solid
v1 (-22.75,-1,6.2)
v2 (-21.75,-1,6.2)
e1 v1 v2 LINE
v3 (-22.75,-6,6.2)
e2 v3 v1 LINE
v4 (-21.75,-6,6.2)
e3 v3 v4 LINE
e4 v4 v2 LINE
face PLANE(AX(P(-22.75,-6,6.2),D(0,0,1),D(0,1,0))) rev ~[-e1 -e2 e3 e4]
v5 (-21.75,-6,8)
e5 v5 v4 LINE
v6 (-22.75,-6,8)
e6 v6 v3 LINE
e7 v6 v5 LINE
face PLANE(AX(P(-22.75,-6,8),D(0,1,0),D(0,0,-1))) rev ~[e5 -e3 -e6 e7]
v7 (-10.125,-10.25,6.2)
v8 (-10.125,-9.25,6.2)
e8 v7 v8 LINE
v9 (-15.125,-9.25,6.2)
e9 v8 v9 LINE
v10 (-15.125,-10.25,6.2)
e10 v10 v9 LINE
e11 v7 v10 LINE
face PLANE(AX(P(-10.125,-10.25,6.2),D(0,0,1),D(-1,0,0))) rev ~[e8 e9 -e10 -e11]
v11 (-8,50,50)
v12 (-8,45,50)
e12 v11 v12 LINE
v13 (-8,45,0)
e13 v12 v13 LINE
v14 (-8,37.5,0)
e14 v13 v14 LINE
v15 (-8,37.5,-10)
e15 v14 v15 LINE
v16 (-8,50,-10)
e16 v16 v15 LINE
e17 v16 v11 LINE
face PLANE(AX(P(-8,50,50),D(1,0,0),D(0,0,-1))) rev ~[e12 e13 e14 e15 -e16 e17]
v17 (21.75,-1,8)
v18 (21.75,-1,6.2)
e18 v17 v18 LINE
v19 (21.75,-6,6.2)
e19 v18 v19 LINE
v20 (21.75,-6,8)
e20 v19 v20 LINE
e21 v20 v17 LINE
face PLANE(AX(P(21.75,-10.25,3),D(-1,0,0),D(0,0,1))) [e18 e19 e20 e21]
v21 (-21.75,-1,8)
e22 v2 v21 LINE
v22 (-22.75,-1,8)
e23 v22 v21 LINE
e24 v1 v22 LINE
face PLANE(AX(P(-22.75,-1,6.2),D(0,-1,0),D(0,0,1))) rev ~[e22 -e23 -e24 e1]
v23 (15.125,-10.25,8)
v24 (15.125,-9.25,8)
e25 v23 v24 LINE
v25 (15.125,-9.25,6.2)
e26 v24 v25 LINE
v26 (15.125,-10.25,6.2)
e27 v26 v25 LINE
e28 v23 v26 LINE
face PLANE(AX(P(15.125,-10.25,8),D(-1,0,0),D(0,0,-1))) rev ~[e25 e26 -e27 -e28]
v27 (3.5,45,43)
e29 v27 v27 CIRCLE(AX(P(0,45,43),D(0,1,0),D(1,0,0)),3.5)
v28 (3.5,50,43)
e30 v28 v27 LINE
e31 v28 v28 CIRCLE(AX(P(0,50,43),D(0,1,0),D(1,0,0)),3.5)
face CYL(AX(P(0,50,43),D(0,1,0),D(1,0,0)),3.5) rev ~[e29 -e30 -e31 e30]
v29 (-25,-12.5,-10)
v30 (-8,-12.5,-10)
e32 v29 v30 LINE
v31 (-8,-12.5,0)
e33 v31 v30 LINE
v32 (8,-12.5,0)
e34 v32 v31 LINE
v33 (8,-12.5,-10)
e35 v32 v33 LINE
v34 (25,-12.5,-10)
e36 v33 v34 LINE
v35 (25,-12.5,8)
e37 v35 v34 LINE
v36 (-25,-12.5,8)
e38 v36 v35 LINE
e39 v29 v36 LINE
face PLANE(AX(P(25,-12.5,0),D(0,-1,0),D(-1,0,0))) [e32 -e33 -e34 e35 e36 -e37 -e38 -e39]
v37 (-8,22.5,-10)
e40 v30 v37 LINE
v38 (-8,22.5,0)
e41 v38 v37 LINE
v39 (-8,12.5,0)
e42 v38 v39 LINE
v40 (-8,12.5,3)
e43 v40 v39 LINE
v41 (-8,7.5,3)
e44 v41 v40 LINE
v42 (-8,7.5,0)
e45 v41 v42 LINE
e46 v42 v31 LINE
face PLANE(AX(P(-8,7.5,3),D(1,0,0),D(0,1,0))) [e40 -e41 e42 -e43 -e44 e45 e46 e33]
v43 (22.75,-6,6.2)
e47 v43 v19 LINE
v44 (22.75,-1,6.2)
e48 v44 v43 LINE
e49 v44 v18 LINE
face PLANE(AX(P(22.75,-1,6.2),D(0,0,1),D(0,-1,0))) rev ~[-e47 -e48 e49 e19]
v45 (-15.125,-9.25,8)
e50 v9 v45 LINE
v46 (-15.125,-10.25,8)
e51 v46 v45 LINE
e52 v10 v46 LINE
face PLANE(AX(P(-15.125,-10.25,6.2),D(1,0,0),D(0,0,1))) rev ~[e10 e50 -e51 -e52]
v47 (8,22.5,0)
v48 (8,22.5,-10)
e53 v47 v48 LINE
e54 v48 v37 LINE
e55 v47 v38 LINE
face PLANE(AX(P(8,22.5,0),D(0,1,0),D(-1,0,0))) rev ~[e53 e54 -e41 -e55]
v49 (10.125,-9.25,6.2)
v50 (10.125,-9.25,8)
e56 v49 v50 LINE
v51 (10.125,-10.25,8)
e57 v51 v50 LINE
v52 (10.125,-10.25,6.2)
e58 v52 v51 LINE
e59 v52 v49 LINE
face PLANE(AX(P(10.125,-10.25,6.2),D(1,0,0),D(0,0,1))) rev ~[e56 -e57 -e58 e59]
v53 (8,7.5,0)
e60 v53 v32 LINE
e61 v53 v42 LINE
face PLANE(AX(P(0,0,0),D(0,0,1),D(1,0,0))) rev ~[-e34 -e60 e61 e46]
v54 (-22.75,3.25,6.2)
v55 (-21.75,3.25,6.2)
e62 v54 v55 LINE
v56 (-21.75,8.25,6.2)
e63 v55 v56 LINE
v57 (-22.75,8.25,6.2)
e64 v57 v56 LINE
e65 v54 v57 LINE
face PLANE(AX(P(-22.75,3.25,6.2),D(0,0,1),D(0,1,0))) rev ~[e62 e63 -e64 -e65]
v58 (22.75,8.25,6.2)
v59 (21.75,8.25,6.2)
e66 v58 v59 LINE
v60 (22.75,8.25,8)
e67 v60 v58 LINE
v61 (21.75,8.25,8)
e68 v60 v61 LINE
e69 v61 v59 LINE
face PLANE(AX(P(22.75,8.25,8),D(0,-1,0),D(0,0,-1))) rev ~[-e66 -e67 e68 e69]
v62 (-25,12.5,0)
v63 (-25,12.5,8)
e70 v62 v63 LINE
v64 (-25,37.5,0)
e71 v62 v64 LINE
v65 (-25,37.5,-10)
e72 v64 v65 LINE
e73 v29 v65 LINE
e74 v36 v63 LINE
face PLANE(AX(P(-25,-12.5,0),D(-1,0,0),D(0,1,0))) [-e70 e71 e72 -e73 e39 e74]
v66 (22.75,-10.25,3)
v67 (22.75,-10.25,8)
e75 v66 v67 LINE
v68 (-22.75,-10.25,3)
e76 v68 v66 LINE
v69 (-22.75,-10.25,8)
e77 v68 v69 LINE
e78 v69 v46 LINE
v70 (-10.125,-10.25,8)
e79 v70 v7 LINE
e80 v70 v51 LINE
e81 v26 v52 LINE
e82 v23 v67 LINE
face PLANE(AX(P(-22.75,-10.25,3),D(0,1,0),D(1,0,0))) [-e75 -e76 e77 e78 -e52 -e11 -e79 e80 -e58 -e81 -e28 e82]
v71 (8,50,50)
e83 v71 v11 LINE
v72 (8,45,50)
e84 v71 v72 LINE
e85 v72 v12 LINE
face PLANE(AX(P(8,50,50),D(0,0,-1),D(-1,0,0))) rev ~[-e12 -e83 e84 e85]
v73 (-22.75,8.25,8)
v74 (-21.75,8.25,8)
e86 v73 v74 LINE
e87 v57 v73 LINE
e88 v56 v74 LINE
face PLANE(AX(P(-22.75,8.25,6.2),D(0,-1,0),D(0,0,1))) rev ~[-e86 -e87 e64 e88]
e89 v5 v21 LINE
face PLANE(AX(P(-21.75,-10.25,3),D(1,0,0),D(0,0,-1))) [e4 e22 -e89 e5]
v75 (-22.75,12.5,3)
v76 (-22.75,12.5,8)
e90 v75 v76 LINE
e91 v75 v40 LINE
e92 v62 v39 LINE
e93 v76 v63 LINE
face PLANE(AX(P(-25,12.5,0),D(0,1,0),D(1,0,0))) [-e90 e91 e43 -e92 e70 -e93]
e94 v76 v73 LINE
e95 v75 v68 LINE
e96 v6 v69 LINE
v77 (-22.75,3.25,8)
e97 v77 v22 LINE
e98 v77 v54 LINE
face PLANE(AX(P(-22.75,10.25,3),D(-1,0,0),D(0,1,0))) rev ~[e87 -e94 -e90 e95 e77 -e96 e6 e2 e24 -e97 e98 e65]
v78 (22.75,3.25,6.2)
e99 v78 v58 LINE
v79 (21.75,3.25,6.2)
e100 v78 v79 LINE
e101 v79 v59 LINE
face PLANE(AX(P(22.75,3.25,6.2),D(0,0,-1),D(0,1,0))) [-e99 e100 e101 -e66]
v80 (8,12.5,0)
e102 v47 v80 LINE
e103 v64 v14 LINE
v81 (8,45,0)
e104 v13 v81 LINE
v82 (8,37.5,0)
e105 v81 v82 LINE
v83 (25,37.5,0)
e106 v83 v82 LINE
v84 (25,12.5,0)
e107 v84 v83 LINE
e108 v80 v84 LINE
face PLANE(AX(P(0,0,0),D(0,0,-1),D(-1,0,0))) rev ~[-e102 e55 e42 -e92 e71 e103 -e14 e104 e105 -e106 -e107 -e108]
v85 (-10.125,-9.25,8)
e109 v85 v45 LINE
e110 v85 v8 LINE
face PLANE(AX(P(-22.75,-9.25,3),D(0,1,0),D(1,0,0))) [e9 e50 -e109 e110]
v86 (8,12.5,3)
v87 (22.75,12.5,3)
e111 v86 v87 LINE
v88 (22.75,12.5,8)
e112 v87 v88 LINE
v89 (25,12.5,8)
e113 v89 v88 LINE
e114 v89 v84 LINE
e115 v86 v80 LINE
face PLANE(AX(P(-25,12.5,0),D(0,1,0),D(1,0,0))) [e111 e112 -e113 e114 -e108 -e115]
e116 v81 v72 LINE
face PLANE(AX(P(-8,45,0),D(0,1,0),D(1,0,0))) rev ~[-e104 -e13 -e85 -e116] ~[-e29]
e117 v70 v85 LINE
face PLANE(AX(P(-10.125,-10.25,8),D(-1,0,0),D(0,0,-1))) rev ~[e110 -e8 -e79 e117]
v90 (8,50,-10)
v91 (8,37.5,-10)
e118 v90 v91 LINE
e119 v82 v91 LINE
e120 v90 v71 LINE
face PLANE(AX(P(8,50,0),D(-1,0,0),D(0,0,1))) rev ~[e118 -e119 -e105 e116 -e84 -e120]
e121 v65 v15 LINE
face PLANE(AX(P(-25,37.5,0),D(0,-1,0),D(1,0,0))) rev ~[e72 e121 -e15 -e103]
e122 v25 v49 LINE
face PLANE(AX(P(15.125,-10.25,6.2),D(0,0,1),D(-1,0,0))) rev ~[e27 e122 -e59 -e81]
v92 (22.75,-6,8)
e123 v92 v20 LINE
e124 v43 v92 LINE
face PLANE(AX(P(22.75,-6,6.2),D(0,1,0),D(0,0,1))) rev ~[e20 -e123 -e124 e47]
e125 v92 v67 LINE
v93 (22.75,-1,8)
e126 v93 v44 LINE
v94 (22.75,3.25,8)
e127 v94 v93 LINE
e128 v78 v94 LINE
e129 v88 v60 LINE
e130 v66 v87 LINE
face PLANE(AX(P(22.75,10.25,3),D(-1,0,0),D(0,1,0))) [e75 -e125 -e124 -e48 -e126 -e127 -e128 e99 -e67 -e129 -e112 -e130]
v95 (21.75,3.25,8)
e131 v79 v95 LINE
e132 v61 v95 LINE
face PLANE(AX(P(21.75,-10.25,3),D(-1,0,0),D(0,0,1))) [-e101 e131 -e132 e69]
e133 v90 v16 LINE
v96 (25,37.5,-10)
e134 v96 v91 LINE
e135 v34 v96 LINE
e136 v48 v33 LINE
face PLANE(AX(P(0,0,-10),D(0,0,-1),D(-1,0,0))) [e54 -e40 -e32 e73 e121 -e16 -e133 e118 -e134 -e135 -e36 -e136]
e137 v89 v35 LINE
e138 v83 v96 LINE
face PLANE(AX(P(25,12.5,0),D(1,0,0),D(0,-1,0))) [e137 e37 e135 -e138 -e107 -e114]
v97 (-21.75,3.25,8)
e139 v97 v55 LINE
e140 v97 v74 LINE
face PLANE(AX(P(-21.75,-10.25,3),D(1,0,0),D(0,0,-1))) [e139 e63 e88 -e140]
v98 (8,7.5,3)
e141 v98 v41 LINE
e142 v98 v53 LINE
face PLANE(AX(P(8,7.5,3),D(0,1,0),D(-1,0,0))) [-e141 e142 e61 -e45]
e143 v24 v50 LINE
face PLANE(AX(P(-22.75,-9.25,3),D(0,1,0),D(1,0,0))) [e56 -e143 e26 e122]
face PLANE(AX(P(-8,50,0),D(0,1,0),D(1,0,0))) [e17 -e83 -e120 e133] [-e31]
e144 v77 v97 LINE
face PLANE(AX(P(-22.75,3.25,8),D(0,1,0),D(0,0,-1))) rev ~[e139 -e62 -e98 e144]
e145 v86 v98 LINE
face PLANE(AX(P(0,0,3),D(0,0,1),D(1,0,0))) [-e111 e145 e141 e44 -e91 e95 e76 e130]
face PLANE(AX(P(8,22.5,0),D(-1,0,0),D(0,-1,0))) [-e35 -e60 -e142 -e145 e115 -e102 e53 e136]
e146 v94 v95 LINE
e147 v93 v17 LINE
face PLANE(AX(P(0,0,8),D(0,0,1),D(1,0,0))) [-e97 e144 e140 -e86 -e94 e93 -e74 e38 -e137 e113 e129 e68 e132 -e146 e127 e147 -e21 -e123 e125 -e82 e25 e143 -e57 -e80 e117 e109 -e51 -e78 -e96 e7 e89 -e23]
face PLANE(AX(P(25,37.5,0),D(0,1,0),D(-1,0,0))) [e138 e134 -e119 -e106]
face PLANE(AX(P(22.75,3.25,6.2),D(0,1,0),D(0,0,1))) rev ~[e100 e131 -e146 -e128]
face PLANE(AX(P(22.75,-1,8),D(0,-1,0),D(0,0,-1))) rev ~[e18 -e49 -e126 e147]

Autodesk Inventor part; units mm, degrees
ref_plane "YZ Plane" through (0, 0, 0) normal (1, 0, 0) x (0, 1, 0)
ref_plane "XZ Plane" through (0, 0, 0) normal (0, 1, 0) x (-1, 0, 0)
ref_plane "XY Plane" through (0, 0, 0) normal (0, 0, 1) x (1, 0, 0)
sketch "Sketch1" plane through (0, 0, 0) normal (0, 0, 1) x (1, 0, 0)
  line L0 (-25, 12.5) -> (25, 12.5)
  line L1 (25, 12.5) -> (25, -12.5)
  line L2 (25, -12.5) -> (-25, -12.5)
  line L3 (-25, -12.5) -> (-25, 12.5)
  line L4 (-25, 12.5) -> (25, -12.5) construction
  line L5 (25, 12.5) -> (-25, -12.5) construction
  line L6 (-25, 12.5) -> (25, 12.5) construction
  point P0 (0, 0)
  dimension "d0" = 50
  dimension "d1" = 0
  dimension "d2" = 25
extrude "Extrusion1" add sketch "Sketch1" along normal blind 3
sketch "Sketch2" plane through (0, 0, 3) normal (0, 0, 1) x (1, 0, 0)
  line L0 (-22.75, -10.25) -> (22.75, -10.25)
  line L1 (22.75, -10.25) -> (22.75, 10.25)
  line L2 (22.75, 10.25) -> (-22.75, 10.25)
  line L3 (-22.75, 10.25) -> (-22.75, -10.25)
  line L4 (-22.75, -10.25) -> (22.75, 10.25) construction
  line L5 (22.75, -10.25) -> (-22.75, 10.25) construction
  line L6 (-22.75, -10.25) -> (22.75, -10.25) construction
  line L7 (25, 12.5) -> (-25, 12.5) projected
  line L8 (-25, -12.5) -> (25, -12.5) projected
  line L9 (25, 12.5) -> (25, -12.5)
  line L10 (25, -12.5) -> (-25, -12.5)
  line L11 (-25, -12.5) -> (-25, 12.5)
  line L12 (-22.75, 10.25) -> (-22.75, 12.5)
  line L13 (22.75, 10.25) -> (22.75, 12.5)
  line L14 (-25, 12.5) -> (-22.75, 12.5)
  line L15 (22.75, 12.5) -> (25, 12.5)
  point P0 (0, 0)
  dimension "d5" = 45.5
  dimension "d6" = 0
  dimension "d7" = 20.5
extrude "Extrusion2" add sketch "Sketch2" along normal blind 5 contours L0 L1 L13 L7 L9 L8 L11 L12 L3
sketch "Sketch3" plane through (-22.75, -10.25, 3) normal (1, 0, 0) x (0, 0, -1)
  line L0 (-5, 0) -> (-5, 22.75) projected
  line L1 (-3.2, 18.5) -> (-5, 18.5)
  line L2 (-5, 18.5) -> (-5, 13.5)
  line L3 (-5, 13.5) -> (-3.2, 13.5)
  line L4 (-3.2, 13.5) -> (-3.2, 18.5)
  line L5 (-5, 4.25) -> (-3.2, 4.25)
  line L6 (-3.2, 4.25) -> (-3.2, 9.25)
  line L7 (-3.2, 9.25) -> (-5, 9.25)
  line L8 (-5, 9.25) -> (-5, 4.25)
  point P0 (3, 10.25)
  point P1 (-5, 9.25)
  point P2 (-5, 4.25)
  dimension "d10" = 5
  dimension "d11" = 5
  dimension "d28" = 1.8
extrude "Extrusion3" add sketch "Sketch3" along normal blind 1
sketch "Sketch4" plane through (22.75, -10.25, 3) normal (-1, 0, 0) x (0, 0, 1)
  line L0 (5, 18.5) -> (5, 13.5) projected
  line L1 (3.2, 13.5) -> (3.2, 18.5) projected
  line L2 (5, 18.5) -> (3.2, 18.5)
  line L3 (3.2, 18.5) -> (3.2, 13.5)
  line L4 (3.2, 13.5) -> (5, 13.5)
  line L5 (5, 13.5) -> (5, 18.5)
  line L6 (5, 9.25) -> (5, 13.5) projected
  line L7 (3.2, 9.25) -> (3.2, 4.25) projected
  line L8 (5, 9.25) -> (3.2, 9.25)
  line L9 (3.2, 9.25) -> (3.2, 4.25)
  line L10 (3.2, 4.25) -> (5, 4.25)
  line L11 (5, 4.25) -> (5, 9.25)
  point P0 (-3, 10.25)
extrude "Extrusion4" add sketch "Sketch4" along normal blind 1
sketch "Sketch5" plane through (-22.75, -10.25, 3) normal (0, 1, 0) x (1, 0, 0)
  line L0 (45.5, -5) -> (0, -5) projected
  line L1 (7.625, -5) -> (12.625, -5)
  line L2 (12.625, -5) -> (12.625, -3.2)
  line L3 (12.625, -3.2) -> (7.625, -3.2)
  line L4 (7.625, -3.2) -> (7.625, -5)
  line L5 (32.875, -5) -> (37.875, -5)
  line L6 (37.875, -5) -> (37.875, -3.2)
  line L7 (37.875, -3.2) -> (32.875, -3.2)
  line L8 (32.875, -3.2) -> (32.875, -5)
  point P0 (22.75, 3)
  dimension "d31" = 5
  dimension "d32" = 1.8
  dimension "d33" = 5
  dimension "d34" = 1.8
extrude "Extrusion5" add sketch "Sketch5" along normal blind 1
sketch "Sketch6" plane through (0, 0, 0) normal (0, 0, -1) x (-1, 0, 0)
  line L0 (25, -12.5) -> (-25, -12.5) projected
  line L1 (-8, -12.5) -> (-25, -12.5)
  line L2 (-25, -12.5) -> (-25, 37.5)
  line L3 (-25, 37.5) -> (-8, 37.5)
  line L4 (-8, 37.5) -> (-8, -12.5)
  line L5 (8, -12.5) -> (25, -12.5)
  line L6 (25, -12.5) -> (25, 37.5)
  line L7 (25, 37.5) -> (8, 37.5)
  line L8 (8, 37.5) -> (8, -12.5)
  line L9 (-8, 50) -> (-8, 22.5)
  line L10 (-8, 22.5) -> (8, 22.5)
  line L11 (-8, 50) -> (8, 50)
  line L12 (-8, 50) -> (8, 50) construction
  line L13 (8, 50) -> (8, 37.5)
  point P0 (0, 0)
  point P1 (-25, -12.5)
  point P2 (25, -12.5)
  point P3 (8, 50)
  dimension "d41" = 17
  dimension "d42" = 50
  dimension "d43" = 17
  dimension "d44" = 50
  dimension "d47" = 16
  dimension "d49" = 0
extrude "Extrusion6" add sketch "Sketch6" along normal blind 10 contours L0 L8 L7 L6 | L0 L2 L3 L4 | L10 L4 L9 L11 L13 L8
sketch "Sketch7" plane through (0, 0, 3) normal (0, 0, 1) x (1, 0, 0)
  line L0 (22.75, 12.5) -> (-22.75, 12.5) projected
  line L1 (-8, 12.5) -> (8, 12.5)
  line L2 (8, 12.5) -> (8, 7.5)
  line L3 (8, 7.5) -> (-8, 7.5)
  line L4 (-8, 7.5) -> (-8, 12.5)
  point P0 (0, 0)
  dimension "d35" = 16
  dimension "d36" = 5
extrude "Extrusion7" cut sketch "Sketch7" against normal through all
sketch "Sketch18" plane through (-8, 50, 0) normal (0, 1, 0) x (1, 0, 0)
  line L0 (0, 0) -> (16, 0) projected
  line L1 (0, 0) -> (16, 0)
  line L2 (16, 0) -> (16, -50)
  line L3 (16, -50) -> (0, -50)
  line L4 (0, -50) -> (0, 0)
  line L5 (16, 0) -> (16, 10) projected
  circle A0 centre (8, -43) radius 3.5
  point P0 (8, 0)
  point P1 (8, 0)
  dimension "d86" = 50
  dimension "d87" = 7
  dimension "d88" = 7
extrude "Extrusion15" add sketch "Sketch18" against normal blind 5
properties part number "sensor mount"
